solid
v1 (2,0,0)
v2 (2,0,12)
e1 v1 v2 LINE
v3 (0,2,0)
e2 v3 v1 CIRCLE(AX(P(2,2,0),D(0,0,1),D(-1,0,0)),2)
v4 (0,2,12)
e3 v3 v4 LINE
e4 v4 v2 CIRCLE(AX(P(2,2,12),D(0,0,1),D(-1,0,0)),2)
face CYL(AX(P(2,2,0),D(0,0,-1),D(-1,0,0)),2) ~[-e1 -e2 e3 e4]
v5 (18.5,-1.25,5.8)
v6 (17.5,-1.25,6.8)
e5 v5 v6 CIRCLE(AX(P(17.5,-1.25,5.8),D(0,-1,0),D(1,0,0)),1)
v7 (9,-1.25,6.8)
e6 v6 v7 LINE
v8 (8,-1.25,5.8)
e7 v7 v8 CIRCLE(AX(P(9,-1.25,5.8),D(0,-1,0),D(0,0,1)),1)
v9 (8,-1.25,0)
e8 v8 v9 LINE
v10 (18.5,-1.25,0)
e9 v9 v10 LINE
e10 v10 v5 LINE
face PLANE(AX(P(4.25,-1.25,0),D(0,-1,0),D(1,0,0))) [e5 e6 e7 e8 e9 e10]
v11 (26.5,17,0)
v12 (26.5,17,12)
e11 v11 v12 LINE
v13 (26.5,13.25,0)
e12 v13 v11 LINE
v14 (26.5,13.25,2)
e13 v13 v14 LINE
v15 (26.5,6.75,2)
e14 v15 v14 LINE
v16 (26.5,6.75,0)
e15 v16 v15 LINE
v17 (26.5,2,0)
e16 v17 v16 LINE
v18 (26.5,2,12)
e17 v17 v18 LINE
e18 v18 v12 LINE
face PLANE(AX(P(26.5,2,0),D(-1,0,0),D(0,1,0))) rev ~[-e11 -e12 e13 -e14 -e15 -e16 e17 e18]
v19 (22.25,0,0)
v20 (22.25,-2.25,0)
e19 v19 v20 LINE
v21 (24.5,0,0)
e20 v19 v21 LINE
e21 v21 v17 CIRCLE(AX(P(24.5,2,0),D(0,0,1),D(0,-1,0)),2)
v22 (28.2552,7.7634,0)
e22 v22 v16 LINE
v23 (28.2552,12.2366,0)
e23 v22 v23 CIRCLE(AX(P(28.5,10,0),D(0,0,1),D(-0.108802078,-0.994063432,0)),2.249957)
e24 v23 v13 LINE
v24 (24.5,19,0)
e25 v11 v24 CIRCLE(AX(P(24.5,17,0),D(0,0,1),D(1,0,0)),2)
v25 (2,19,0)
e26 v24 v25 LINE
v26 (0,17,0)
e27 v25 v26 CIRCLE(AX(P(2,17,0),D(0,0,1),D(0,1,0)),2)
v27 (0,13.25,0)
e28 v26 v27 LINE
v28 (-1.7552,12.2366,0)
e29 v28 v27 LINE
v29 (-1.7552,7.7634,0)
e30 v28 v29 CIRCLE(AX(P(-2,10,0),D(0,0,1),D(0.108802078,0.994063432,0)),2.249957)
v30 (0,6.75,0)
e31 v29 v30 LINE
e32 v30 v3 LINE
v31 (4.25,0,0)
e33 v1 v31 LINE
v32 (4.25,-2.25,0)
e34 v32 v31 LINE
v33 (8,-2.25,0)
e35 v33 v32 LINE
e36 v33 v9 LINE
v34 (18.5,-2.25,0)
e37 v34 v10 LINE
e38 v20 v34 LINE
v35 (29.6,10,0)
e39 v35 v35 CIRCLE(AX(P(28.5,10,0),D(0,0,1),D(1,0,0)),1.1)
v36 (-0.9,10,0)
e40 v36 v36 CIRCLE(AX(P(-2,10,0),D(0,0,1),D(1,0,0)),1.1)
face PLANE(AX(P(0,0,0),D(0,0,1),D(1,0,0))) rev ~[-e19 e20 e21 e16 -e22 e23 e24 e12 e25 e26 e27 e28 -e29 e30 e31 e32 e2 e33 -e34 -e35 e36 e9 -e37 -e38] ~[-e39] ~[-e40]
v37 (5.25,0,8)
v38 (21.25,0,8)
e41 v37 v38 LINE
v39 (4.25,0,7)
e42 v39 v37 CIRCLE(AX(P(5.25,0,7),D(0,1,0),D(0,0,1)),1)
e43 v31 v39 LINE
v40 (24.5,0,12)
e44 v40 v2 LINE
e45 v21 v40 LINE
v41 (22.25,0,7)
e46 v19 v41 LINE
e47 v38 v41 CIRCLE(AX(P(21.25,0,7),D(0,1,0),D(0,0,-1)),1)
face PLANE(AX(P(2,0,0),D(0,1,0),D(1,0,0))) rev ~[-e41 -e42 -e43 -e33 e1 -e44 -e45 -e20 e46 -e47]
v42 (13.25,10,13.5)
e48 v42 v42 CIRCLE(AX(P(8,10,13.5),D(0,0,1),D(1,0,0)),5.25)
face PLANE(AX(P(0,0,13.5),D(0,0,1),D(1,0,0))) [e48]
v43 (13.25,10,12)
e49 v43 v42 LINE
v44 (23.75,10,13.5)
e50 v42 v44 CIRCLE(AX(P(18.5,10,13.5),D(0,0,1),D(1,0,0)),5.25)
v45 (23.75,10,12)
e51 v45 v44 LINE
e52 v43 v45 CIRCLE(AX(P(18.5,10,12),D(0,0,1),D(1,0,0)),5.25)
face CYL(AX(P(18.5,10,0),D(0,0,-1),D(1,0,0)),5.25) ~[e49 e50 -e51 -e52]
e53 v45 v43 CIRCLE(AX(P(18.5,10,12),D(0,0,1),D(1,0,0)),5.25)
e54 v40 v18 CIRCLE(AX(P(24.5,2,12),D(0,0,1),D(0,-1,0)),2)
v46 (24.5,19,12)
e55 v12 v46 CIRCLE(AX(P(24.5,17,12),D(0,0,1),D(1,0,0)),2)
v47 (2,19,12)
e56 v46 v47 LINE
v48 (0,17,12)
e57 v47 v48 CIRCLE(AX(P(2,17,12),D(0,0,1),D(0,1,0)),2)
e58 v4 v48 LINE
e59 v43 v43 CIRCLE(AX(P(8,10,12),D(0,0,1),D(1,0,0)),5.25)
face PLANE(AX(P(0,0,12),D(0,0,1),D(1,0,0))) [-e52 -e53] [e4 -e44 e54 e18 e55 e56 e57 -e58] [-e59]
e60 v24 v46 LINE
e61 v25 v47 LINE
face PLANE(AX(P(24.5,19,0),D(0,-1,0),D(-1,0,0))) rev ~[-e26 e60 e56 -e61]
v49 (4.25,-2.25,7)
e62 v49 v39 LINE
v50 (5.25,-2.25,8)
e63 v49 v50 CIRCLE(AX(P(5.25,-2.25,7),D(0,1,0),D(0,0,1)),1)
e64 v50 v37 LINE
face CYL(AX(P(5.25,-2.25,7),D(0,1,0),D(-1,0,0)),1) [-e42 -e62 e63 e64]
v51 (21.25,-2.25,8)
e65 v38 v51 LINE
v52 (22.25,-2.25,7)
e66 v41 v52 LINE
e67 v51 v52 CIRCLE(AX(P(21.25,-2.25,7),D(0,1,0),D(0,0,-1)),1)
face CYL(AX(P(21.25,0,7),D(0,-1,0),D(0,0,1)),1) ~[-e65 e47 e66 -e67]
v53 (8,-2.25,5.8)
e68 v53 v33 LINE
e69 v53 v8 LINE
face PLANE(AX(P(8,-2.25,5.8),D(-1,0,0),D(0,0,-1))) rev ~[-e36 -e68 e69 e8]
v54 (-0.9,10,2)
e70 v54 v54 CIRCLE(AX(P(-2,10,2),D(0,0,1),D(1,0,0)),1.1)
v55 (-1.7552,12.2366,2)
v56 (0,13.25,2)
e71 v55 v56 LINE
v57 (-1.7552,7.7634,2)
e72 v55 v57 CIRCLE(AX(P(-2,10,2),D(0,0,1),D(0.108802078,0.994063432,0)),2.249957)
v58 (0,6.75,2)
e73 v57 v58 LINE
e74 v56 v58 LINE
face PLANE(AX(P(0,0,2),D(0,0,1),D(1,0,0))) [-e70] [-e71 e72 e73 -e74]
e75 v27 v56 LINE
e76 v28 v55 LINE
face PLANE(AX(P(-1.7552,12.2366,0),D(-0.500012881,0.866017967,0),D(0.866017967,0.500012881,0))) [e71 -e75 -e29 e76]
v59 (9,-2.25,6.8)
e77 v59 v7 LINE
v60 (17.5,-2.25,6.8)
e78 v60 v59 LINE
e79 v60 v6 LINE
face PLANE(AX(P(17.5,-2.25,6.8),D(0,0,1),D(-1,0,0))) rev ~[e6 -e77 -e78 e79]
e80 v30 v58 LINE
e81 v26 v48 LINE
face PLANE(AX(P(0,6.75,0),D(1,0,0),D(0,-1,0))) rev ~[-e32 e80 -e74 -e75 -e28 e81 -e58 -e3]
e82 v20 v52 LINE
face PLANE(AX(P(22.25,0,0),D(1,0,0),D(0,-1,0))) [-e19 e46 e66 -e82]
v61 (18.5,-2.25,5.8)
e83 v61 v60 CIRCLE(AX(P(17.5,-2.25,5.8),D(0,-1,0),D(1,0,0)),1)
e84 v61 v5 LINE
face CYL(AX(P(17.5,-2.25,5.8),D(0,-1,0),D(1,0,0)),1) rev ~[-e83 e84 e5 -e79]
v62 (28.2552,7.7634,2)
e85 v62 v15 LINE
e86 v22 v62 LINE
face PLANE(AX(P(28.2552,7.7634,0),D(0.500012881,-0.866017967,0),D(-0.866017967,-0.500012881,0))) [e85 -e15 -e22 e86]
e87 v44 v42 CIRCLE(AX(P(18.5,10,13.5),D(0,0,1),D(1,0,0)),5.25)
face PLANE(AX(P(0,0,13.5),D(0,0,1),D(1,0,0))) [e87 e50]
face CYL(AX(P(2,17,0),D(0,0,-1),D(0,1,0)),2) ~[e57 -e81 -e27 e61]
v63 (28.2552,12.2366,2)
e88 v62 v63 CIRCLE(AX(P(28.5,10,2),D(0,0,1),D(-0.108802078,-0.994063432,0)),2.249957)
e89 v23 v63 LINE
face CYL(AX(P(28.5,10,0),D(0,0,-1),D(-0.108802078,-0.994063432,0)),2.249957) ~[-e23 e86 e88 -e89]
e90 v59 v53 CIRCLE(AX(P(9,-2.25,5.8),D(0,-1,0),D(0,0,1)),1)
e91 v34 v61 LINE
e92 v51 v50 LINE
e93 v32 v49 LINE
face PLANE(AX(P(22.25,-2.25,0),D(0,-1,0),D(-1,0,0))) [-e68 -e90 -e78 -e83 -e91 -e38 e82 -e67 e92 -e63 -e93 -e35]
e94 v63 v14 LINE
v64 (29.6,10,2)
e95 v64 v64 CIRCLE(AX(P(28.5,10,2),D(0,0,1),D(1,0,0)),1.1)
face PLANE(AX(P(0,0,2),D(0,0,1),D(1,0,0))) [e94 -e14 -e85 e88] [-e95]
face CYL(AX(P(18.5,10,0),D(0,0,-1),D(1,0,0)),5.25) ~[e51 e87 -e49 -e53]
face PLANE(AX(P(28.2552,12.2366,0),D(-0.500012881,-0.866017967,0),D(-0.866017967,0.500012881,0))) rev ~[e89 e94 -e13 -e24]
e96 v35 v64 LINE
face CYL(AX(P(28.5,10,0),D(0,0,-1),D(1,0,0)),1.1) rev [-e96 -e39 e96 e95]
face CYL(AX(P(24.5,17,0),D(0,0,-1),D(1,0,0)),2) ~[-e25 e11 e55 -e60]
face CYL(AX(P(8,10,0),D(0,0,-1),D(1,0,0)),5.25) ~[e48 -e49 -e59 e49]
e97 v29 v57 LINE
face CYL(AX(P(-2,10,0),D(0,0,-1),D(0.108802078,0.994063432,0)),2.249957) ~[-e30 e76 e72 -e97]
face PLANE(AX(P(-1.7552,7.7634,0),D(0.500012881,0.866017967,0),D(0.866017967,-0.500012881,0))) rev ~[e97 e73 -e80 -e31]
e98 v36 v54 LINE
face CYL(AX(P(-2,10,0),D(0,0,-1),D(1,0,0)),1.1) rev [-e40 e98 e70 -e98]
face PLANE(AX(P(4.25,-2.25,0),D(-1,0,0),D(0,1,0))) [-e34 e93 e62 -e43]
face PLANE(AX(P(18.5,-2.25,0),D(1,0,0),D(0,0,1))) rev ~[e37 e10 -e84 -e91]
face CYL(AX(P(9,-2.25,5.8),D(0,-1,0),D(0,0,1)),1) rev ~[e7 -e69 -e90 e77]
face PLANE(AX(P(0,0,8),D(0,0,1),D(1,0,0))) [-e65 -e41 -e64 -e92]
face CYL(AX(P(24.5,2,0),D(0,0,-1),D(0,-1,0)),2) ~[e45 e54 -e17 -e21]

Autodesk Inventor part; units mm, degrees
ref_plane "YZ Plane" through (0, 0, 0) normal (1, 0, 0) x (0, 1, 0)
ref_plane "XZ Plane" through (0, 0, 0) normal (0, 1, 0) x (-1, 0, 0)
ref_plane "XY Plane" through (0, 0, 0) normal (0, 0, 1) x (1, 0, 0)
sketch "Sketch1" plane through (0, 0, 0) normal (0, 0, 1) x (1, 0, 0)
  line L0 (2, 0) -> (24.5, 0)
  line L1 (26.5, 2) -> (26.5, 17)
  line L2 (24.5, 19) -> (2, 19)
  line L3 (0, 17) -> (0, 2)
  arc A0 (2, 19) -> (0, 17) centre (2, 17) ccw
  arc A1 (26.5, 17) -> (24.5, 19) centre (24.5, 17) ccw
  arc A2 (0, 2) -> (2, 0) centre (2, 2) ccw
  arc A3 (24.5, 0) -> (26.5, 2) centre (24.5, 2) ccw
  line L4 (4.25, 0) -> (22.25, 0)
  line L5 (22.25, 0) -> (22.25, -2.25)
  line L6 (22.25, -2.25) -> (4.25, -2.25)
  line L7 (4.25, -2.25) -> (4.25, 0)
  circle A4 centre (-2, 10) radius 1.1
  circle A5 centre (28.5, 10) radius 1.1
  arc A6 (-1.7552, 12.2366) -> (-1.7552, 7.7634) centre (-2, 10) ccw
  arc A7 (28.2552, 7.7634) -> (28.2552, 12.2366) centre (28.5, 10) ccw
  circle A8 centre (18.5, 10) radius 5.25
  circle A9 centre (8, 10) radius 5.25
  line L8 (-1.7552, 12.2366) -> (0, 13.25)
  line L9 (-1.7552, 7.7634) -> (0, 6.75)
  line L10 (13.25, 19) -> (13.25, 0) construction
  line L11 (28.2552, 12.2366) -> (26.5, 13.25)
  line L12 (28.2552, 7.7634) -> (26.5, 6.75)
  circle A10 centre (8, 10) radius 5
  circle A11 centre (18.5, 10) radius 5
  point P0 (0, 0)
  point P1 (26.5, 19)
  point P2 (26.5, 0)
  point P3 (0, 19)
  point P4 (13.25, 0)
  point P5 (13.25, -2.25)
  point P6 (13.25, 10)
  dimension "d10" = 10.5
  dimension "d11" = 10.5
  dimension "d0" = 26.5
  dimension "d1" = 19
  dimension "d2" = 2
  dimension "d3" = 21.25
  dimension "d4" = 18
  dimension "d5" = 2.2
  dimension "d6" = 4.5
  dimension "d7" = 4.5
  dimension "d8" = 9
  dimension "d9" = 30.5
  dimension "d12" = 10.5
  dimension "d13" = 15.25
  dimension "d14" = 60
  dimension "d15" = 60
  dimension "d16" = 3.25
  dimension "d17" = 3.25
  dimension "d18" = 10
  dimension "d19" = 10
  dimension "d20" = 60
  dimension "d21" = 60
  dimension "d22" = 3.25
  dimension "d23" = 3.25
  dimension "d24" = 10
  dimension "d25" = 10
extrude "Extrusion1" add sketch "Sketch1" along normal blind 12 contours A2 L3 A0 L2 A1 L1 A3 L0
extrude "Extrusion2" add sketch "Sketch1" along normal blind 2 contours L9 A6 L8 L3 | L1 L11 A7 L12
extrude "Extrusion3" add sketch "Sketch1" along normal blind 8 contours L0 L5 L6 L7
fillet "Fillet1" radius 1 2 edges at (4.25, -1.125, 8) (22.25, -1.125, 8)
sketch "Sketch2" plane through (4.25, -2.25, 0) normal (0, -1, 0) x (1, 0, 0)
  line L0 (0, 0) -> (18, 0) projected
  line L1 (3.75, 0) -> (14.25, 0)
  line L2 (14.25, 0) -> (14.25, 5.8)
  line L3 (13.25, 6.8) -> (4.75, 6.8)
  line L4 (3.75, 5.8) -> (3.75, 0)
  line L5 (1, 8) -> (17, 8) projected
  arc A0 (4.75, 6.8) -> (3.75, 5.8) centre (4.75, 5.8) ccw
  arc A1 (14.25, 5.8) -> (13.25, 6.8) centre (13.25, 5.8) ccw
  point P0 (-4.25, 0)
  point P1 (9, 6.8)
  point P2 (9, 8)
  dimension "d33" = 6.8
  dimension "d35" = 10.5
  dimension "d36" = 1
extrude "Extrusion4" cut sketch "Sketch2" against normal blind 1
extrude "Extrusion5" add sketch "Sketch1" along normal blind 13.5 contours A8 | A9 | A10 | A11
properties part number "lidarsensor"
